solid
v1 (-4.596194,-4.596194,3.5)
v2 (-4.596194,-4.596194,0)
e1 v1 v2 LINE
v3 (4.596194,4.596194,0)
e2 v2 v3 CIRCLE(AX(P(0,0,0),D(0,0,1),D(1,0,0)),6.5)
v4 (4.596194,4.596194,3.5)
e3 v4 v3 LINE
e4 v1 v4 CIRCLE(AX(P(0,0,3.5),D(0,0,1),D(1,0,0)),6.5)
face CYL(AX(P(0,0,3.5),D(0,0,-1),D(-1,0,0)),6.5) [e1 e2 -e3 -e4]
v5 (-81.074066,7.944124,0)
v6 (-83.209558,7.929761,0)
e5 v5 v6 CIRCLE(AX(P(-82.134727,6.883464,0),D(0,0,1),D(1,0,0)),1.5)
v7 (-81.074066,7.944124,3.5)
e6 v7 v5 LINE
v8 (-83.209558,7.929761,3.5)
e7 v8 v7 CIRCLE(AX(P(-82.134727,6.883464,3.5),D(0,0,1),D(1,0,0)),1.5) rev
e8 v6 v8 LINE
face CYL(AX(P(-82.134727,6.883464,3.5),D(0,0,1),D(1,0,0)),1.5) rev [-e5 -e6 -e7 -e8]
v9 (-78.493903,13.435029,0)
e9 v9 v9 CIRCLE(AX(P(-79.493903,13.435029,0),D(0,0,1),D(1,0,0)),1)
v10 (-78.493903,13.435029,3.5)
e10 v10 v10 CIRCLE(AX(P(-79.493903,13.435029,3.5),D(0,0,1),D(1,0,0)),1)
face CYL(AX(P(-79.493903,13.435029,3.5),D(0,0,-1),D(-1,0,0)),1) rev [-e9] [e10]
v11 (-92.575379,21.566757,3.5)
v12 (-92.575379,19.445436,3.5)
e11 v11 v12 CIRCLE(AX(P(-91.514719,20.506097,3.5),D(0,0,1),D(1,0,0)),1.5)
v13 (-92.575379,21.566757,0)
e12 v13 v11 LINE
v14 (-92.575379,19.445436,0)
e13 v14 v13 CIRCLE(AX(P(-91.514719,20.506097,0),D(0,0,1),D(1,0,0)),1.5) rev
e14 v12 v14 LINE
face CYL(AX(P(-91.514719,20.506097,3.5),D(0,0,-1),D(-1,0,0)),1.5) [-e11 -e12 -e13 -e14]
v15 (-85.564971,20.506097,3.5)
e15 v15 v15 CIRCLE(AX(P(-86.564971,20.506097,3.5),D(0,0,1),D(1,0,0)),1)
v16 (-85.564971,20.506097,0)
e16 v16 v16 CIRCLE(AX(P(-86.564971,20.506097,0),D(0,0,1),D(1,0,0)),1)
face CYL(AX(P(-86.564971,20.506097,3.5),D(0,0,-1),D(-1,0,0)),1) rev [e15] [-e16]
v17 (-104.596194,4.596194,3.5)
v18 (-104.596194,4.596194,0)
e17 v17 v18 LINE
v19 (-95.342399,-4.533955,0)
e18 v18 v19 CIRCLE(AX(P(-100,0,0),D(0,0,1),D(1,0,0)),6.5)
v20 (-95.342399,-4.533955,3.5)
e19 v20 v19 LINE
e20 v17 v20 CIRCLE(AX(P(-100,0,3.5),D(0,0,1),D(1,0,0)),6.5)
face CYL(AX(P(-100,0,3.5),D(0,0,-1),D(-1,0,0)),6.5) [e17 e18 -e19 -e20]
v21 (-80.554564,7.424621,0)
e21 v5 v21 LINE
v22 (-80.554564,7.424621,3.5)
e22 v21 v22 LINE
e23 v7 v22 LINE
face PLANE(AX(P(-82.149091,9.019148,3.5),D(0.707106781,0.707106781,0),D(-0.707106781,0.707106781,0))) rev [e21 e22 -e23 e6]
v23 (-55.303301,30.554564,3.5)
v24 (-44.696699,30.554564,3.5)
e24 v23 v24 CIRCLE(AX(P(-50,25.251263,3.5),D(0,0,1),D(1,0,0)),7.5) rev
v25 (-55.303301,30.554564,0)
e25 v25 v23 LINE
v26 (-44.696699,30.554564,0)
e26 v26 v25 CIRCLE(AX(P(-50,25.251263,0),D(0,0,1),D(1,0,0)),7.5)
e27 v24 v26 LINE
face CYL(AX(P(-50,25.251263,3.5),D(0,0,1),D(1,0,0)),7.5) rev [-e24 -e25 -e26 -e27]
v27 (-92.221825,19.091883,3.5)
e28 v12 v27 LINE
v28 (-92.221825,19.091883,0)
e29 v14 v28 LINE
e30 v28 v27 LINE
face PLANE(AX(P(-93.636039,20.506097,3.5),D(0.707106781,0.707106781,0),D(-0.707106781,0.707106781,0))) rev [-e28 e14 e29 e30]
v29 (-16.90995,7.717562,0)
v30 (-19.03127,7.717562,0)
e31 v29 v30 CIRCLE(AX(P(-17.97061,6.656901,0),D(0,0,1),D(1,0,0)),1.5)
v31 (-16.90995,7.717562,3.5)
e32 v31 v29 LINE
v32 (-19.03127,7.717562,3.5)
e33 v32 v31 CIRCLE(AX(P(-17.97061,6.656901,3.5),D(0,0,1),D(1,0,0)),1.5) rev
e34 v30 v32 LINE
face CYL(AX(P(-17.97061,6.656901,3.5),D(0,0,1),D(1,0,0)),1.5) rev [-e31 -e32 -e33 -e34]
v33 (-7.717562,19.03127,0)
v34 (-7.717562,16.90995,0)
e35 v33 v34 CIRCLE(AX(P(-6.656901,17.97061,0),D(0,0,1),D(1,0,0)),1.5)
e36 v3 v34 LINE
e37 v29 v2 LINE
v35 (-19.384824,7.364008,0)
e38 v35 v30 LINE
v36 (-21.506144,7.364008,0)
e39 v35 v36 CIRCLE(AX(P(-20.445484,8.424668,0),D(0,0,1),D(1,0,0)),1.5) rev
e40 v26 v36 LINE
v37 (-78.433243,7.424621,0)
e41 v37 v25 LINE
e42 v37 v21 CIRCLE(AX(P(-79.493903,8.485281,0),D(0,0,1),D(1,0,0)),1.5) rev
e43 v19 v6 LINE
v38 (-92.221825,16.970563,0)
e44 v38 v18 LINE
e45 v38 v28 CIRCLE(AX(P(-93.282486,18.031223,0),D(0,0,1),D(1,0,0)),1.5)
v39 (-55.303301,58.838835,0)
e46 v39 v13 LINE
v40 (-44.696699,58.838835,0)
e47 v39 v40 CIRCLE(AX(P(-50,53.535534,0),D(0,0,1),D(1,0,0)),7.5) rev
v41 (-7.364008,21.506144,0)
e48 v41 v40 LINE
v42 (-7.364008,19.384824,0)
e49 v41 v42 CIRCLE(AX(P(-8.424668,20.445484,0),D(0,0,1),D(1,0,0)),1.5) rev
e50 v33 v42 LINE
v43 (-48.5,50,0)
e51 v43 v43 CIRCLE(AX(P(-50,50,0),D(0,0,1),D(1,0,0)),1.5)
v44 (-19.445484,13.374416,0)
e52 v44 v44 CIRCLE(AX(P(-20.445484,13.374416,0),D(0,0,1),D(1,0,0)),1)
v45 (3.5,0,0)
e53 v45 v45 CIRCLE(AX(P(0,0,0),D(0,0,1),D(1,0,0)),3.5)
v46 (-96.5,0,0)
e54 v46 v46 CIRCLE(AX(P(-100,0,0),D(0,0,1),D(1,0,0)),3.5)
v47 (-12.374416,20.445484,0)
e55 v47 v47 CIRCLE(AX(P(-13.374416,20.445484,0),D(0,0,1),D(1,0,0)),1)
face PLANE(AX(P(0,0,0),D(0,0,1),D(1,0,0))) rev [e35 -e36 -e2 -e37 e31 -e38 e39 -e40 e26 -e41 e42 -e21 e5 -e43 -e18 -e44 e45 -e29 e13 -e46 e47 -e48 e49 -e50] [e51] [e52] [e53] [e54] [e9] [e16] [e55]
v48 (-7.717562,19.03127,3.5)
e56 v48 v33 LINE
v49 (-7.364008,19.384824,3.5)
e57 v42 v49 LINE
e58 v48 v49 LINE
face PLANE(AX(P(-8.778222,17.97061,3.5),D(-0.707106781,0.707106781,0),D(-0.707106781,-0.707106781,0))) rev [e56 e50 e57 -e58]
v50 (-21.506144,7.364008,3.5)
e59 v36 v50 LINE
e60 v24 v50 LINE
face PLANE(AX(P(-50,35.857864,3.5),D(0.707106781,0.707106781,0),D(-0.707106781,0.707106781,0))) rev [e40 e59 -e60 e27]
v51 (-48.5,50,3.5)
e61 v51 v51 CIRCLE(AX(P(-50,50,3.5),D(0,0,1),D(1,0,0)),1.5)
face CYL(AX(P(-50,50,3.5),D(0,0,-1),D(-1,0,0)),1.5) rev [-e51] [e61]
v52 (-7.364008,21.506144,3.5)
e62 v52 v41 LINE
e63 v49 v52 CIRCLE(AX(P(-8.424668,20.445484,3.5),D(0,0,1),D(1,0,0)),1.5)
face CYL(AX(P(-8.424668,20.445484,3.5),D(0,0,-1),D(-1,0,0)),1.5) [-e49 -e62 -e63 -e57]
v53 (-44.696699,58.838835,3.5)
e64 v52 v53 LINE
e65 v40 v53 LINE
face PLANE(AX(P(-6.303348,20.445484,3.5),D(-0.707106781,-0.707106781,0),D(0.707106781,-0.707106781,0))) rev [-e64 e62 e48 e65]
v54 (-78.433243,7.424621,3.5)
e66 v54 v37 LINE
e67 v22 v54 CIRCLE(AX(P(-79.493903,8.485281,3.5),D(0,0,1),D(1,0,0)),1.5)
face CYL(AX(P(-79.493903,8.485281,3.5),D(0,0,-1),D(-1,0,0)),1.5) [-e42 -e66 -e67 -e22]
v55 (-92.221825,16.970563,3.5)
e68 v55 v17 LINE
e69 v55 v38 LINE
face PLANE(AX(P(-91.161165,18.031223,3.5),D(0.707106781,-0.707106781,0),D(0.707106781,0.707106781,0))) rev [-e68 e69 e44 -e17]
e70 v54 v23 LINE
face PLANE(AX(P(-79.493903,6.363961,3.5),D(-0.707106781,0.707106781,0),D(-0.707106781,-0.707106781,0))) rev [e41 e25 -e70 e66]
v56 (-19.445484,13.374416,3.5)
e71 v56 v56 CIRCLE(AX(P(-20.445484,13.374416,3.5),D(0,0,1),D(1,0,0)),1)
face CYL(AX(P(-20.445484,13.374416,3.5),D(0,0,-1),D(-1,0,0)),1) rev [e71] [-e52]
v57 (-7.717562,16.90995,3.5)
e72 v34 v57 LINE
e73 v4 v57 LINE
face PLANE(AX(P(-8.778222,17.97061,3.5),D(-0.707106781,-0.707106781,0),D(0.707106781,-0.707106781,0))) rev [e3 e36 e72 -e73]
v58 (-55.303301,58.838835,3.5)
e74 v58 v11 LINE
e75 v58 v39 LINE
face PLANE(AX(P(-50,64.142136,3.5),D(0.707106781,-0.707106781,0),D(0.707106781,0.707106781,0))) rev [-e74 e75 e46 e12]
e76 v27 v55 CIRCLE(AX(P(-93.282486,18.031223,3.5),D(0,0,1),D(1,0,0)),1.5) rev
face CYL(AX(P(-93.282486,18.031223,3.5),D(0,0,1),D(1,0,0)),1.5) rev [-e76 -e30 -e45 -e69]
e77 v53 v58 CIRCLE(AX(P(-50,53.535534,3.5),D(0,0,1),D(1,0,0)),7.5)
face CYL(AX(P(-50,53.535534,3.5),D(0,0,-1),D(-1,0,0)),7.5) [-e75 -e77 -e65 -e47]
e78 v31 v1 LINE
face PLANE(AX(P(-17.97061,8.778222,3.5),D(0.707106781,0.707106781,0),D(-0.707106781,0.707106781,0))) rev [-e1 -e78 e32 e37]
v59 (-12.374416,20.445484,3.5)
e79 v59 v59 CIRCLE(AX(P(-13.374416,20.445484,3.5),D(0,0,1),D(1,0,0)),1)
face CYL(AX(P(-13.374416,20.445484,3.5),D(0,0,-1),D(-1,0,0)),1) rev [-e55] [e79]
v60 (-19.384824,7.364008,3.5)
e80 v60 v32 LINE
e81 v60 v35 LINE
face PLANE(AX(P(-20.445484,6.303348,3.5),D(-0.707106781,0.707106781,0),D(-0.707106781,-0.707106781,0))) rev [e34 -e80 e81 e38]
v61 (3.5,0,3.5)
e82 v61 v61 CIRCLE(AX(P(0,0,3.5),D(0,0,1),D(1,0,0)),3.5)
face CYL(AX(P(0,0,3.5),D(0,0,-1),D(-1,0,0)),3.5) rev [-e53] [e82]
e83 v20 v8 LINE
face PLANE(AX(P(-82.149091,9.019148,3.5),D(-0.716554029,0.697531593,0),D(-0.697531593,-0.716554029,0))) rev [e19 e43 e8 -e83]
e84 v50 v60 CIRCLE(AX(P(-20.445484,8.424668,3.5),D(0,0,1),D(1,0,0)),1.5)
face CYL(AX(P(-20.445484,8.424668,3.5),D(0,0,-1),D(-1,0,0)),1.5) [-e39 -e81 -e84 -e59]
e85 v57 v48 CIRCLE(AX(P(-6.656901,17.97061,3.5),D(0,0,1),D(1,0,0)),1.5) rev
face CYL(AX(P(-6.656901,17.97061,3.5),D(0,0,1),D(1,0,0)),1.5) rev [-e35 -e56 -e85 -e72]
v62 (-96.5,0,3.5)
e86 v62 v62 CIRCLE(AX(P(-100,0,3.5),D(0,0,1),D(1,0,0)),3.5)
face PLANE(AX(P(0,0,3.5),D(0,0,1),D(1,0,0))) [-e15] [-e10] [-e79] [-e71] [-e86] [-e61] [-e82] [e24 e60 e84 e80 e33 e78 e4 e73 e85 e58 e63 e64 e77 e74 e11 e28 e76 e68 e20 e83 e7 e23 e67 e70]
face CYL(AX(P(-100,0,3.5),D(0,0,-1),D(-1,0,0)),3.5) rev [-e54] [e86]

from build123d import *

# Parameters (mm, degrees)
SKETCH7_R           = 3.5
SKETCH7_R_2         = 1
SKETCH7_R_3         = 1.5
BOSS_EXTRUDE1_DEPTH = 3.5
FILLET1_R           = 7.5
FILLET2_R           = 7.5
FILLET3_R           = 1.5
FILLET4_R           = 1.5
FILLET5_R           = 1.5


with BuildPart() as part:
    # Sketch7 → Boss-Extrude1 (new body)
    with BuildSketch(Plane.XY):
        with BuildLine():
            Line((-91.161165235, 18.03122292), (-104.596194078, 4.596194078))
            ThreePointArc((-104.596194078, 4.596194078), (-104.565177968, -4.627002282), (-95.342398812, -4.533955357))
            Line((-95.342398812, -4.533955357), (-82.149090724, 9.019148409))
            Line((-82.149090724, 9.019148409), (-79.493903346, 6.363961031))
            Line((-79.493903346, 6.363961031), (-50, 35.857864376))
            Line((-50, 35.857864376), (-20.445483687, 6.303348063))
            Line((-20.445483687, 6.303348063), (-17.970609953, 8.778221797))
            Line((-17.970609953, 8.778221797), (-4.596194078, -4.596194078))
            ThreePointArc((-4.596194078, -4.596194078), (4.596194078, -4.596194078), (4.596194078, 4.596194078))
            Line((4.596194078, 4.596194078), (-8.778221797, 17.970609953))
            Line((-8.778221797, 17.970609953), (-6.303348063, 20.445483687))
            Line((-6.303348063, 20.445483687), (-50, 64.142135624))
            Line((-50, 64.142135624), (-93.636038969, 20.506096654))
            Line((-93.636038969, 20.506096654), (-91.161165235, 18.03122292))
        make_face()
        Circle(SKETCH7_R, mode=Mode.SUBTRACT)
        with Locations((-100, 0)):
            Circle(SKETCH7_R, mode=Mode.SUBTRACT)
        with Locations((-86.564971157, 20.506096654)):
            Circle(SKETCH7_R_2, mode=Mode.SUBTRACT)
        with Locations((-50, 50)):
            Circle(SKETCH7_R_3, mode=Mode.SUBTRACT)
        with Locations((-13.374415875, 20.445483687)):
            Circle(SKETCH7_R_2, mode=Mode.SUBTRACT)
        with Locations((-20.445483687, 13.374415875)):
            Circle(SKETCH7_R_2, mode=Mode.SUBTRACT)
        with Locations((-79.493903346, 13.435028843)):
            Circle(SKETCH7_R_2, mode=Mode.SUBTRACT)
    extrude(amount=BOSS_EXTRUDE1_DEPTH)

    # Fillet1
    fillet1_edges = [part.edges().sort_by_distance(p)[0] for p in [
        (-50, 64.142135624, 1.75),
    ]]
    fillet(fillet1_edges, radius=FILLET1_R)

    # Fillet2
    fillet2_edges = [part.edges().sort_by_distance(p)[0] for p in [
        (-50, 35.857864376, 1.75),
    ]]
    fillet(fillet2_edges, radius=FILLET2_R)

    # Fillet3
    fillet3_edges = [part.edges().sort_by_distance(p)[0] for p in [
        (-82.149090724, 9.019148409, 1.75),
        (-93.636038969, 20.506096654, 1.75),
        (-17.970609953, 8.778221797, 1.75),
        (-20.445483687, 6.303348063, 1.75),
        (-79.493903346, 6.363961031, 1.75),
    ]]
    fillet(fillet3_edges, radius=FILLET3_R)

    # Fillet4
    fillet4_edges = [part.edges().sort_by_distance(p)[0] for p in [
        (-6.303348063, 20.445483687, 1.75),
        (-8.778221797, 17.970609953, 1.75),
    ]]
    fillet(fillet4_edges, radius=FILLET4_R)

    # Fillet5
    fillet5_edges = [part.edges().sort_by_distance(p)[0] for p in [
        (-91.161165235, 18.03122292, 1.75),
    ]]
    fillet(fillet5_edges, radius=FILLET5_R)


solid = part.part
